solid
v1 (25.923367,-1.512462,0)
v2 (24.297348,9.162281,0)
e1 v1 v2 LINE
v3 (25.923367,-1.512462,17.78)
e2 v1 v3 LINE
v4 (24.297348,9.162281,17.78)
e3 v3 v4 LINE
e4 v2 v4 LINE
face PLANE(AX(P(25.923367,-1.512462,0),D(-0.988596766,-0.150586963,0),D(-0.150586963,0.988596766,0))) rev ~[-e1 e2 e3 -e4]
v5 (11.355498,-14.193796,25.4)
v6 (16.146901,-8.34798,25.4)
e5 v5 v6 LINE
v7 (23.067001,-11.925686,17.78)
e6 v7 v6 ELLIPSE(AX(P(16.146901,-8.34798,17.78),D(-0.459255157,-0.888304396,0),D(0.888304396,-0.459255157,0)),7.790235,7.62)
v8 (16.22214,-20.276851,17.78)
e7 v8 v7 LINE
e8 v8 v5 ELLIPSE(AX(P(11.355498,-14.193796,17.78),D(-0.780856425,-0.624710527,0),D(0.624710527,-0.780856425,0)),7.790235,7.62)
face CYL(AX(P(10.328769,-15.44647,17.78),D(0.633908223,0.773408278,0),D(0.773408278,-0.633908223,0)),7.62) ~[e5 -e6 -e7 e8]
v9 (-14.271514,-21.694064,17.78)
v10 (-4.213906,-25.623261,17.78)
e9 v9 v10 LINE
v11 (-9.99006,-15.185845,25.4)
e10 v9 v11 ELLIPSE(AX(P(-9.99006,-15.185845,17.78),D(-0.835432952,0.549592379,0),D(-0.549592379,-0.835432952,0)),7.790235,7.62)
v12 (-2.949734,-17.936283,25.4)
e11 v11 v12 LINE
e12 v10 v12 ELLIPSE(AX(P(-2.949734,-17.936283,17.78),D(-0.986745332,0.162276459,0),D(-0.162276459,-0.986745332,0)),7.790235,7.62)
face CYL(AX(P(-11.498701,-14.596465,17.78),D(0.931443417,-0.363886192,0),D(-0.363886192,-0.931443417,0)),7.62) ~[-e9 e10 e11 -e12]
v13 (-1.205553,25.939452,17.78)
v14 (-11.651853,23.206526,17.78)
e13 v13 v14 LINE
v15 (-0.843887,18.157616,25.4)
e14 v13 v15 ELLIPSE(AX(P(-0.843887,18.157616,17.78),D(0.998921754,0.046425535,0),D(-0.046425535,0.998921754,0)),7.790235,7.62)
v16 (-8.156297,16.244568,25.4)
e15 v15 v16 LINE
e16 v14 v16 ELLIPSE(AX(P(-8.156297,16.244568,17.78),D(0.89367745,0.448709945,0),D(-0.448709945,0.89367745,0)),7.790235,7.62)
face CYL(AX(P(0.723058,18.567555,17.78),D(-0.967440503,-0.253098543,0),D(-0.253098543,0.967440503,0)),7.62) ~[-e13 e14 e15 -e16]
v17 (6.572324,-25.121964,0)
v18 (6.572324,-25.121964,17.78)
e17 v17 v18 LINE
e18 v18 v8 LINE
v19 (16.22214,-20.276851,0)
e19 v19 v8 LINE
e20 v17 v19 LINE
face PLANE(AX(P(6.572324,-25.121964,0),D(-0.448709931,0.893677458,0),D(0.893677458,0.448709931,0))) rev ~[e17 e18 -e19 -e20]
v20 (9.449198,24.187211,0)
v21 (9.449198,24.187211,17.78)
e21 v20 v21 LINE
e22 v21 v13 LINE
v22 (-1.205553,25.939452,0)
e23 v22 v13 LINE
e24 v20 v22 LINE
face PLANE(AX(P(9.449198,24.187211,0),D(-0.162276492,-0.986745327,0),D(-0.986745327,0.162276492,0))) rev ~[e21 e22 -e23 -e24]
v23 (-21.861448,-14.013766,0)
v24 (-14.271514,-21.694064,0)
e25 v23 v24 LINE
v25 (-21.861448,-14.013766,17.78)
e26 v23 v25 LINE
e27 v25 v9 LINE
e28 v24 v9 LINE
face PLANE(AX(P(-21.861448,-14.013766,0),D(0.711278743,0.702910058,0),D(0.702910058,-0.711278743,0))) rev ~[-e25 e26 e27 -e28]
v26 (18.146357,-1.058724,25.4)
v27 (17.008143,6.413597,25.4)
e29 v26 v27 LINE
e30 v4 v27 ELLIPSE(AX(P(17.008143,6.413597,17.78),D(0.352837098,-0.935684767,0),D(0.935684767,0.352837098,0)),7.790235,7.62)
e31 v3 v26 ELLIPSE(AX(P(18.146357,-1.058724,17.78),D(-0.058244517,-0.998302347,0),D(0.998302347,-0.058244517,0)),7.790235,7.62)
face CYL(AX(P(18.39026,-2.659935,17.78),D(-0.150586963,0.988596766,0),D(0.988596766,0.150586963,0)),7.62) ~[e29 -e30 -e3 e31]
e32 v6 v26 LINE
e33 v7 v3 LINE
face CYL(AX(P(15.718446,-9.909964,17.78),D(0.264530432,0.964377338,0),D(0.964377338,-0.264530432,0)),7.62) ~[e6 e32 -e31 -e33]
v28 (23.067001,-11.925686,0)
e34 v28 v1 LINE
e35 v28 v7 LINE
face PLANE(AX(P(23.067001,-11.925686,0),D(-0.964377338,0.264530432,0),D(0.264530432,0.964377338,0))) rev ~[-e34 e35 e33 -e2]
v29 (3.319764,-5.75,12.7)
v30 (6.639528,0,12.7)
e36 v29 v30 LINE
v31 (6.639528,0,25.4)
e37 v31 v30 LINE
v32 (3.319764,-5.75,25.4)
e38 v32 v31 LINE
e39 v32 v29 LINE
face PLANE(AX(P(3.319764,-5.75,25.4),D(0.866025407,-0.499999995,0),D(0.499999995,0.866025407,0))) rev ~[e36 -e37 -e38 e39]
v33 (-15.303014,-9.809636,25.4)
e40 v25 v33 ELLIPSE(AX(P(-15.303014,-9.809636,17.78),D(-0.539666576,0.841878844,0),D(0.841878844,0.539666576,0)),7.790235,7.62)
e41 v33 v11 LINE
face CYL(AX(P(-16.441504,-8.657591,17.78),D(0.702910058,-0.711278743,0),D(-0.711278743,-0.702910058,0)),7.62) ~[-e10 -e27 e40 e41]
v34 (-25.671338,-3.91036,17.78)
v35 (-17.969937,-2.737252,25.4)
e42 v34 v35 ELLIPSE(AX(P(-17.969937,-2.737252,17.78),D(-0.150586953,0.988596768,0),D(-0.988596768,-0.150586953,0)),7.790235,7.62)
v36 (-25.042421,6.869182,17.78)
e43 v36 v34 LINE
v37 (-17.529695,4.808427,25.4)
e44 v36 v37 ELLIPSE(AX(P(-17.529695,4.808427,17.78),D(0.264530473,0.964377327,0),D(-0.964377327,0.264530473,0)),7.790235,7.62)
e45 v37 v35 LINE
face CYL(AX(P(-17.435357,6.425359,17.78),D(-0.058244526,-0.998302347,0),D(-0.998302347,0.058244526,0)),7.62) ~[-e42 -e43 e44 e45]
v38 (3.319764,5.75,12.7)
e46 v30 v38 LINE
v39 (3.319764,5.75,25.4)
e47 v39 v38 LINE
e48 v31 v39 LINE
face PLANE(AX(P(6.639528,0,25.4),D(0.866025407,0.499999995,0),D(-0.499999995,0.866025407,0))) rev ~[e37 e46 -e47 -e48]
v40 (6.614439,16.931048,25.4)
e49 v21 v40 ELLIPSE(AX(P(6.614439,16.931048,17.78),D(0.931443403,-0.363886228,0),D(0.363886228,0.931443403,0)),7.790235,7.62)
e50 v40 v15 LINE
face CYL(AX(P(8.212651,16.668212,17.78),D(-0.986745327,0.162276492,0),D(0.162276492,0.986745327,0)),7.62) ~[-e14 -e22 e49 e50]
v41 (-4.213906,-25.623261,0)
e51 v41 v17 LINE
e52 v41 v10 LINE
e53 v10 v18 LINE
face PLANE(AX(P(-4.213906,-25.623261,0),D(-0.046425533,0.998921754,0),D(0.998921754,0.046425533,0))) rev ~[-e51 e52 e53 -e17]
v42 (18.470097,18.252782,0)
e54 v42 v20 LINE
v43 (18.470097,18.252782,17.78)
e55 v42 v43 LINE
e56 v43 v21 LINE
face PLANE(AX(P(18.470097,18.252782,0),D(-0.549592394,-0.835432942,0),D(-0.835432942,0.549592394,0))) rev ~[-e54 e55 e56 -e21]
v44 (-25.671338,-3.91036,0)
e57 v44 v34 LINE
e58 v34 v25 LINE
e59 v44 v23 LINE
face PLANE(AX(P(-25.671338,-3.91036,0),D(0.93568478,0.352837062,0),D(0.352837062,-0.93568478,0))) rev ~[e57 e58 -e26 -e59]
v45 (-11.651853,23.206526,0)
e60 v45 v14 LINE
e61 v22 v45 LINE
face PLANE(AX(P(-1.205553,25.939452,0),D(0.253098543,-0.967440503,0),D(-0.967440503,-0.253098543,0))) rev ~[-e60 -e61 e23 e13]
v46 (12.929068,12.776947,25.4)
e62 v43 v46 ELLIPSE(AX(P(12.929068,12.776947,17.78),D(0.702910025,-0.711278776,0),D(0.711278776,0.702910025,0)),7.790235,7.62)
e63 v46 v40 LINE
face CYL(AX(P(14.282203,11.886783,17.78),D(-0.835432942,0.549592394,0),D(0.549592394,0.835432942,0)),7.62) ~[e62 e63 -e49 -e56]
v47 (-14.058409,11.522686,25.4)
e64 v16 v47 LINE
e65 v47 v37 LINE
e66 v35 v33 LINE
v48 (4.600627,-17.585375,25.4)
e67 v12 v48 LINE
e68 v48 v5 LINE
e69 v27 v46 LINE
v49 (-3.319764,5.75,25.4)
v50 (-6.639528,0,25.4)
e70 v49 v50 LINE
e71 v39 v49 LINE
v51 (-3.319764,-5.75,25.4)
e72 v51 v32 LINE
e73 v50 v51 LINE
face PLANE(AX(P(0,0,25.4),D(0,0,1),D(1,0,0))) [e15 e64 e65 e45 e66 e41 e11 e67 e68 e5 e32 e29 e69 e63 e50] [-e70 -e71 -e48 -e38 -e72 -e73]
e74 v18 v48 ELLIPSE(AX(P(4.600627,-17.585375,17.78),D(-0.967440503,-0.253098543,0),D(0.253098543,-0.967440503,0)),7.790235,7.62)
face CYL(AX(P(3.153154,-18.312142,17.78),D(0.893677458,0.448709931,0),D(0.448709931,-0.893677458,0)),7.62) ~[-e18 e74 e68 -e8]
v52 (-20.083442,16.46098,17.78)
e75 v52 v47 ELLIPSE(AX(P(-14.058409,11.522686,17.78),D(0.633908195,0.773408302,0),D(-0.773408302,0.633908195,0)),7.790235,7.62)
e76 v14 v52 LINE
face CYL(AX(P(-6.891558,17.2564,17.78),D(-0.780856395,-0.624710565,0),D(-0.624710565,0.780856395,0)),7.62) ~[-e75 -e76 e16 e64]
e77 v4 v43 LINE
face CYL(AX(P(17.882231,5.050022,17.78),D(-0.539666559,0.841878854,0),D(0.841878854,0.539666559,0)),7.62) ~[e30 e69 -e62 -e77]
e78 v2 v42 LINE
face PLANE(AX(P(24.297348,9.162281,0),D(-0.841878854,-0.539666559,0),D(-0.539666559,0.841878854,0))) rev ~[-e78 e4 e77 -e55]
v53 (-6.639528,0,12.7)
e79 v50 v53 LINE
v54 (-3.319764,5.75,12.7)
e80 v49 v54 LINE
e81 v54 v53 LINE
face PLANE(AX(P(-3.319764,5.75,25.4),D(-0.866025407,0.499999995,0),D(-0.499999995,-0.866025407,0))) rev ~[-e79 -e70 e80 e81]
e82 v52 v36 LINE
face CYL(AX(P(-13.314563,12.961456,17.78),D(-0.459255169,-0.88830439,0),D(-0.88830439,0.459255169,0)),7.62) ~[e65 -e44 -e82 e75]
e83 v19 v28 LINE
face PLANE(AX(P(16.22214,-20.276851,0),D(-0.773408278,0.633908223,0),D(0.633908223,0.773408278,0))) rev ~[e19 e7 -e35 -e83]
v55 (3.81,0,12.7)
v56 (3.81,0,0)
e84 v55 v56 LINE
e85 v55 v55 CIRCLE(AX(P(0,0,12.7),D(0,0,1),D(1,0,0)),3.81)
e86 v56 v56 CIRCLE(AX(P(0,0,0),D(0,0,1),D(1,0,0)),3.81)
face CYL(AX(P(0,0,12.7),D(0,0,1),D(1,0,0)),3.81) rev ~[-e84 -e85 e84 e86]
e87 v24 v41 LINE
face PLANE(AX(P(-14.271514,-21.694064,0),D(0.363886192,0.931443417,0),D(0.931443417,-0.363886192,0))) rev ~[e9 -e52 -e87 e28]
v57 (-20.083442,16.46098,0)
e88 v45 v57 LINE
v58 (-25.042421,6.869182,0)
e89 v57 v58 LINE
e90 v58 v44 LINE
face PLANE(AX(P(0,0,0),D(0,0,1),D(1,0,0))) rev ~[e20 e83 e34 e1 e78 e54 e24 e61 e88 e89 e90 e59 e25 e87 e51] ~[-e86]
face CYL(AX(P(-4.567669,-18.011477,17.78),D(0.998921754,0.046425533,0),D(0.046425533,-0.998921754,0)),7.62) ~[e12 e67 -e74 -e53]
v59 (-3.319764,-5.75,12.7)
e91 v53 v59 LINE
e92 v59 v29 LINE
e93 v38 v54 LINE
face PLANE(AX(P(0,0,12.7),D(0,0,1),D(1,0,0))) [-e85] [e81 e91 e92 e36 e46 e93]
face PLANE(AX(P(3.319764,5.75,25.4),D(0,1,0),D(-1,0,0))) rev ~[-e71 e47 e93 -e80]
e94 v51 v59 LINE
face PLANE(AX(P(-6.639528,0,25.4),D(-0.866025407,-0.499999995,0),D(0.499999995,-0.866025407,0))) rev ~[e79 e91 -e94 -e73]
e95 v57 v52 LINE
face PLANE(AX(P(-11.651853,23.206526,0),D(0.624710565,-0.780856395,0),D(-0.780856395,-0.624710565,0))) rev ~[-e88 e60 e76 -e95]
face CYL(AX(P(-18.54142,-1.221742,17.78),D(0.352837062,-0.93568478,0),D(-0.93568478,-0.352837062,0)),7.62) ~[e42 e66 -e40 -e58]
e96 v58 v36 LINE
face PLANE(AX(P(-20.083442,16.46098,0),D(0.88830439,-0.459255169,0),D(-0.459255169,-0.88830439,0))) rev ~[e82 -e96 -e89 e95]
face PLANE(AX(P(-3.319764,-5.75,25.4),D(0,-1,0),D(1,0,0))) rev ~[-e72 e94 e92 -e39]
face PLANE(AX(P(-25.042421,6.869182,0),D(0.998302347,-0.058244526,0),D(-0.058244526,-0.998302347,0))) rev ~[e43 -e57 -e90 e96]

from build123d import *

# Parameters (mm, degrees)
F1_DEPTH = 25.4
F2_R     = 7.62
F4_DEPTH = 12.7
F5_R     = 3.81
F6_DEPTH = 25.4


with BuildPart() as f1:
    # F0 (on Top) → F1 (new body)
    with BuildSketch(Plane.XY):
        Polygon((6.572324, -25.121964), (16.22214, -20.276851), (23.067001, -11.925686), (25.923367, -1.512462), (24.297348, 9.162281), (18.470097, 18.252782), (9.449198, 24.187211), (-1.205553, 25.939452), (-11.651853, 23.206526), (-20.083442, 16.46098), (-25.042421, 6.869182), (-25.671338, -3.91036), (-21.861448, -14.013766), (-14.271514, -21.694064), (-4.213906, -25.623261), align=None)
    extrude(amount=F1_DEPTH)

    # F2
    f2_edges = [f1.edges().sort_by_distance(p)[0] for p in [
        (-18.066481, -17.853915, 25.4),
        (-9.24271, -23.658662, 25.4),
        (1.179209, -25.372613, 25.4),
        (11.397232, -22.699407, 25.4),
        (19.644571, -16.101268, 25.4),
        (24.495184, -6.719074, 25.4),
        (25.110358, 3.82491, 25.4),
        (21.383722, 13.707531, 25.4),
        (13.959647, 21.219996, 25.4),
        (4.121822, 25.063331, 25.4),
        (-6.428703, 24.572989, 25.4),
        (-15.867648, 19.833753, 25.4),
        (-22.562932, 11.665081, 25.4),
        (-25.35688, 1.479411, 25.4),
        (-23.766393, -8.962063, 25.4),
    ]]
    fillet(f2_edges, radius=F2_R)

    # F3 (on face) → F4 (cut)
    with BuildSketch(Plane.XY.offset(25.4)):
        Polygon((-3.319764, -5.75), (3.319764, -5.75), (6.639528, 0), (3.319764, 5.75), (-3.319764, 5.75), (-6.639528, 0), align=None)
    extrude(amount=-F4_DEPTH, mode=Mode.SUBTRACT)

    # F5 (on face) → F6 (cut)
    with BuildSketch(Plane.XY.offset(12.7)):
        Circle(F5_R)
    extrude(amount=-F6_DEPTH, mode=Mode.SUBTRACT)


solid = f1.part
